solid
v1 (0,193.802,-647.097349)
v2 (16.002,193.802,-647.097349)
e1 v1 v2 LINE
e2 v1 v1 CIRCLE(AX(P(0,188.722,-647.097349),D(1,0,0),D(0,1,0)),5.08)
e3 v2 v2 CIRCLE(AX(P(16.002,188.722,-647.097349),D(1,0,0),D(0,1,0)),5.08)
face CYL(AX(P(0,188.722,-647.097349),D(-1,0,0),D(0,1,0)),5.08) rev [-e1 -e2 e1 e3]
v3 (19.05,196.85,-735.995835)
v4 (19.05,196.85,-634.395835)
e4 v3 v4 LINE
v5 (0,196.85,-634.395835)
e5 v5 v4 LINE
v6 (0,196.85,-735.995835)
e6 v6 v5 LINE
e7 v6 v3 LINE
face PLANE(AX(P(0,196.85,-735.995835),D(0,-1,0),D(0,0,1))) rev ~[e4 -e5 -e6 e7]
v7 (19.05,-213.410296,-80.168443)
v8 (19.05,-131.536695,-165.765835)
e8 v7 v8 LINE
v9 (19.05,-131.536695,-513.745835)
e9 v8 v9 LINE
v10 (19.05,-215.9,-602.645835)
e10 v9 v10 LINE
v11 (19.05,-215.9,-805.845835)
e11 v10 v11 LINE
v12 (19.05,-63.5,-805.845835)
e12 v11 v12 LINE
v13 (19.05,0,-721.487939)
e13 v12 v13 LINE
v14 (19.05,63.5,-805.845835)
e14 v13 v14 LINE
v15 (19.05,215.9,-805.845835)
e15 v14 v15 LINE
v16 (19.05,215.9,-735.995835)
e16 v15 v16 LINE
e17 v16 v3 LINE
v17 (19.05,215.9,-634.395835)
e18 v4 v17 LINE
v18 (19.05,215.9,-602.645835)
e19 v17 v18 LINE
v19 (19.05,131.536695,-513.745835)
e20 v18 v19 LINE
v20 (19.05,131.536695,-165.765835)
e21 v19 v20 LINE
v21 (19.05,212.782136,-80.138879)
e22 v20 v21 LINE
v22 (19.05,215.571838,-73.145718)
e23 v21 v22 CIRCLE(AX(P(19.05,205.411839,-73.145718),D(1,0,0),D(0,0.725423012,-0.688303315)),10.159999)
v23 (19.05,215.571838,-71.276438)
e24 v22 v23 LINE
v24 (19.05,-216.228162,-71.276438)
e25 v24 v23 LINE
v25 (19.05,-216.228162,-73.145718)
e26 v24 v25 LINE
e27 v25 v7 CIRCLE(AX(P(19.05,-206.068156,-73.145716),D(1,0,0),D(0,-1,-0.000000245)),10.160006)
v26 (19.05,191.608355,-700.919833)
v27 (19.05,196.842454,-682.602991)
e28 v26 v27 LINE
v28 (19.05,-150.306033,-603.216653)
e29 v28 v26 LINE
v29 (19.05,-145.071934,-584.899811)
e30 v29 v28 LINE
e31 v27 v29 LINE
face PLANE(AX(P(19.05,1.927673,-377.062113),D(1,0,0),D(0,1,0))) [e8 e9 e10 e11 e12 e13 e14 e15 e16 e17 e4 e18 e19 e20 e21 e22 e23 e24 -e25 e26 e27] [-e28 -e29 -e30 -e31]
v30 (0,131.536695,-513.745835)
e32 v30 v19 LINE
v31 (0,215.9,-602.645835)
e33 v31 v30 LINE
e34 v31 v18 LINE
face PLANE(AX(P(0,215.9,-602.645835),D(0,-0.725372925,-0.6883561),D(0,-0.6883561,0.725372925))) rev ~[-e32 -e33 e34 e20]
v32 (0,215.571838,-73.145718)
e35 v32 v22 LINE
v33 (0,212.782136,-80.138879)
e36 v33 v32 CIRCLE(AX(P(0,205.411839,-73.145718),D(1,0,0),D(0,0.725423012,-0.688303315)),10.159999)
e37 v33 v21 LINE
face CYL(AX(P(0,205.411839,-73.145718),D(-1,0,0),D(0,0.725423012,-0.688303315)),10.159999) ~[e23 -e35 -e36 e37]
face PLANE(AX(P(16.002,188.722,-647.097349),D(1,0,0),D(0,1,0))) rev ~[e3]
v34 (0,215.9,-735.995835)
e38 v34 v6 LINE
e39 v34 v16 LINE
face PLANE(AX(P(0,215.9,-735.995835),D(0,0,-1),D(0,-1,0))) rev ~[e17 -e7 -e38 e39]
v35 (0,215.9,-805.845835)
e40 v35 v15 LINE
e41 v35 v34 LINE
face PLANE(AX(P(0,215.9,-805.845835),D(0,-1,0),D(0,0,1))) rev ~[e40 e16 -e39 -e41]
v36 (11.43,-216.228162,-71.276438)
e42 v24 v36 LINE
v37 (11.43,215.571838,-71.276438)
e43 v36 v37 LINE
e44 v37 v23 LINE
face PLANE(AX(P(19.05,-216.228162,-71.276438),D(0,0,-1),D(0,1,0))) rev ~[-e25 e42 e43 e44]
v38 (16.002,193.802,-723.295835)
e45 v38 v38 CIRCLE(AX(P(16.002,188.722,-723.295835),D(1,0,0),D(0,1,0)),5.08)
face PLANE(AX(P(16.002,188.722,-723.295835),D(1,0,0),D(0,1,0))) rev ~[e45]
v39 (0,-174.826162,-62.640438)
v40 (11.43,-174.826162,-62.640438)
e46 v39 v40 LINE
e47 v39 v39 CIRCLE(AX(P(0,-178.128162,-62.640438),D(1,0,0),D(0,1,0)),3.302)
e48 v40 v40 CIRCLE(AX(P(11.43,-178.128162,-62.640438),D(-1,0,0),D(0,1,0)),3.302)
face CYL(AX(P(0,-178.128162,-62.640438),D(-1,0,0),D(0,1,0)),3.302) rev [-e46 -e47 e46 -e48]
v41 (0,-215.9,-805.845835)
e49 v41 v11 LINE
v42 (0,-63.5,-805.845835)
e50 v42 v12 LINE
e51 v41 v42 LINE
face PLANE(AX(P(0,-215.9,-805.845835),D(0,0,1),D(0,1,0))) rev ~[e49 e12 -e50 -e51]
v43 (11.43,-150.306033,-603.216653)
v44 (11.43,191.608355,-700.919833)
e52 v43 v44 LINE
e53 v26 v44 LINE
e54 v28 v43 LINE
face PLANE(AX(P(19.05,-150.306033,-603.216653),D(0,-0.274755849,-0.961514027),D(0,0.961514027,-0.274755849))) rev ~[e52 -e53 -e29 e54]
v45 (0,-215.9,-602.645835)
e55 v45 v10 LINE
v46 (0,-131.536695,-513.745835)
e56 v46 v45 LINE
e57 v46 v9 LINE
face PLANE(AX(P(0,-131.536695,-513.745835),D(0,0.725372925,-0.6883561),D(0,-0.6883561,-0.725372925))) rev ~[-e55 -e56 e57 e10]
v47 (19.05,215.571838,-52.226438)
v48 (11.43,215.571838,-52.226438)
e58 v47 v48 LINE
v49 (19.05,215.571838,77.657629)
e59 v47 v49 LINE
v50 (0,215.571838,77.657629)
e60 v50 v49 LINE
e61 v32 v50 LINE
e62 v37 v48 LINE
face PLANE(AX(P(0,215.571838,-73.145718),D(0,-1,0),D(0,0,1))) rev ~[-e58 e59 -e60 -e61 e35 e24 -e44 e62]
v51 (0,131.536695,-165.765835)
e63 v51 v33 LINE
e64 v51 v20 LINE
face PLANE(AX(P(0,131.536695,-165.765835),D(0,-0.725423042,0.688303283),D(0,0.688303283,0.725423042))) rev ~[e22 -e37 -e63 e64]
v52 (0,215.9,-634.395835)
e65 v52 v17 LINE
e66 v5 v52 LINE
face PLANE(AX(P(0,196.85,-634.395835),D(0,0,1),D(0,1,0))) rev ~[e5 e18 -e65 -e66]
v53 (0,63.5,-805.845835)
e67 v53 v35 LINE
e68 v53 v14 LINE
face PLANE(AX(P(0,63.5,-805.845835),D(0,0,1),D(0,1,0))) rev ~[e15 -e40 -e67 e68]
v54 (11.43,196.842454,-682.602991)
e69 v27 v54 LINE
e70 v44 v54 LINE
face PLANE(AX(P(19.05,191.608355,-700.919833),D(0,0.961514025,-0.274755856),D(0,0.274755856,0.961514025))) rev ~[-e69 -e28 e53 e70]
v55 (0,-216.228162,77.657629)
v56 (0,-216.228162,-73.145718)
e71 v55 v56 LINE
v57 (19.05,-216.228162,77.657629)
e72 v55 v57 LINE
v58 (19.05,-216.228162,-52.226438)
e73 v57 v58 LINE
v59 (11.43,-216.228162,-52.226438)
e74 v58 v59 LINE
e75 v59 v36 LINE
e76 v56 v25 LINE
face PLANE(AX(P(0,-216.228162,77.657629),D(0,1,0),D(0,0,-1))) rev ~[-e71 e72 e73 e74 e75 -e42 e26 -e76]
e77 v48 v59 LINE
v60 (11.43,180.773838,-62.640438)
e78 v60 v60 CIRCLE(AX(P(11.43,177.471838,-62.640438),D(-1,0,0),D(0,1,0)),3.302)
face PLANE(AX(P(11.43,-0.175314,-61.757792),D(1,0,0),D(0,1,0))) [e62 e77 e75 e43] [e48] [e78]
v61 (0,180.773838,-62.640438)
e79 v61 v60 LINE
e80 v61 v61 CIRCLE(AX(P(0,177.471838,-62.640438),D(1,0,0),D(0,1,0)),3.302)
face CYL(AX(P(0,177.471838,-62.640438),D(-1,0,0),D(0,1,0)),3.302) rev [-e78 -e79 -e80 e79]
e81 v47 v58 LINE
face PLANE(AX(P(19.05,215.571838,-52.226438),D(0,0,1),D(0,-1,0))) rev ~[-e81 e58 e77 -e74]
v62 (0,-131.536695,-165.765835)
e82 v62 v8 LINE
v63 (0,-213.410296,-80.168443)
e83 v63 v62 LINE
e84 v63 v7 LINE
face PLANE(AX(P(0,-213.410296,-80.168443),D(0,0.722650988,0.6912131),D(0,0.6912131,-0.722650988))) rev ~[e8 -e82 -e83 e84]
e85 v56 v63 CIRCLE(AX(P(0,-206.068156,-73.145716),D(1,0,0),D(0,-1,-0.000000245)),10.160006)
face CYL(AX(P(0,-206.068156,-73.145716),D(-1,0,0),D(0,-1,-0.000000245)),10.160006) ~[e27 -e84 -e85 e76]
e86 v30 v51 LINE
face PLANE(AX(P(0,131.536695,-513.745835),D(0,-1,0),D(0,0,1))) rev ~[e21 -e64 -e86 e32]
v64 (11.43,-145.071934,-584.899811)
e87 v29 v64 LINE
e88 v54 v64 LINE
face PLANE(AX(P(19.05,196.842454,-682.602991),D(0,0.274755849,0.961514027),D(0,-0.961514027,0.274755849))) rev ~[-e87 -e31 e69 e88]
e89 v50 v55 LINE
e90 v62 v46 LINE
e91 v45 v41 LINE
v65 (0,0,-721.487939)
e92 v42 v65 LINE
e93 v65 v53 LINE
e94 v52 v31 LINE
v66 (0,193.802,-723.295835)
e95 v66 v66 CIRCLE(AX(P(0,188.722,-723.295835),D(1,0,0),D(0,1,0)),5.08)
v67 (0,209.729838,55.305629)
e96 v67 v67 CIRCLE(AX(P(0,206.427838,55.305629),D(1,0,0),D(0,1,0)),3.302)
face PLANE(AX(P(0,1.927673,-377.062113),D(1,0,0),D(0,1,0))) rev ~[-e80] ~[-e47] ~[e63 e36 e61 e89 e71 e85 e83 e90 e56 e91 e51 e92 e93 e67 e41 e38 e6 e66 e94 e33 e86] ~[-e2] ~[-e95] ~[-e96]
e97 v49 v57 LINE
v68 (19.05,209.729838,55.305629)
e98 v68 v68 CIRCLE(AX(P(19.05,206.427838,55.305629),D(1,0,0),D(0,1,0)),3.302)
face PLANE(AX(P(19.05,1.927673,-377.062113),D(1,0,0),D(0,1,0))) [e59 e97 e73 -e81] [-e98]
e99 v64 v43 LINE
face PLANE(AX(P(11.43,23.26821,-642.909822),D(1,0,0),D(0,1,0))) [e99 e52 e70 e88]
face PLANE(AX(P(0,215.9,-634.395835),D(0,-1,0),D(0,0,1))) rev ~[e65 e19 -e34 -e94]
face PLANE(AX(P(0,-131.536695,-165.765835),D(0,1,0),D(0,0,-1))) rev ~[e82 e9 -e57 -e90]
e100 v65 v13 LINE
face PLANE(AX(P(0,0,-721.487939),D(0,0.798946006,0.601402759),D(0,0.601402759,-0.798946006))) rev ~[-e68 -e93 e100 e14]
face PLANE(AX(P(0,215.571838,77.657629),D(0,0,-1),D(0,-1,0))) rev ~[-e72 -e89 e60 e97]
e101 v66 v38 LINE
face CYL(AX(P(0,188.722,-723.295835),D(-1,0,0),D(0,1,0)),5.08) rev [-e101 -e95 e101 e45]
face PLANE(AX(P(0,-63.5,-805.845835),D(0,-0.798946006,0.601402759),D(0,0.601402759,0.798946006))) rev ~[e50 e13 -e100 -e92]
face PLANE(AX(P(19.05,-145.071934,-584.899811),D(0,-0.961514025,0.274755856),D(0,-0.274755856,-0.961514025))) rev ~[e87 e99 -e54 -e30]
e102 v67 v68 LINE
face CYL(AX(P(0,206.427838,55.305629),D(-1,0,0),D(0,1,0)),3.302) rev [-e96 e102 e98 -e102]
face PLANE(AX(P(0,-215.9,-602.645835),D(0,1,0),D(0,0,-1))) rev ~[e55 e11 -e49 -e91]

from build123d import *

# Parameters (mm, degrees)
F1_DEPTH = 19.05
F3_DEPTH = 7.62
F5_DEPTH = 7.62
F6_R     = 3.302
F7_DEPTH = 19.05
F8_R     = 5.08
F9_DEPTH = 16.002


with BuildPart() as f1:
    # F0 (on Right) → F1 (new body)
    with BuildSketch(Plane.YZ):
        with BuildLine():
            Line((215.571838, -73.145718), (215.571838, 77.657629))
            Line((215.571838, 77.657629), (-216.228162, 77.657629))
            Line((-216.228162, 77.657629), (-216.228162, -73.145718))
            ThreePointArc((-216.228162, -73.145718), (-215.497416, -76.929203), (-213.410296, -80.168443))
            Line((-213.410296, -80.168443), (-131.536695, -165.765835))
            Line((-131.536695, -165.765835), (-131.536695, -513.745835))
            Line((-131.536695, -513.745835), (-215.9, -602.645835))
            Line((-215.9, -602.645835), (-215.9, -805.845835))
            Line((-215.9, -805.845835), (-63.5, -805.845835))
            Line((-63.5, -805.845835), (0, -721.487939))
            Line((0, -721.487939), (63.5, -805.845835))
            Line((63.5, -805.845835), (215.9, -805.845835))
            Line((215.9, -805.845835), (215.9, -735.995835))
            Line((215.9, -735.995835), (196.85, -735.995835))
            Line((196.85, -735.995835), (196.85, -634.395835))
            Line((196.85, -634.395835), (215.9, -634.395835))
            Line((215.9, -634.395835), (215.9, -602.645835))
            Line((215.9, -602.645835), (131.536695, -513.745835))
            Line((131.536695, -513.745835), (131.536695, -165.765835))
            Line((131.536695, -165.765835), (212.782136, -80.138879))
            ThreePointArc((212.782136, -80.138879), (214.848676, -76.910248), (215.571838, -73.145718))
        make_face()
    extrude(amount=F1_DEPTH)

    # F2 (on face) → F3 (cut)
    with BuildSketch(Plane.YZ.offset(19.05)):
        Polygon((191.608355, -700.919833), (196.842454, -682.602991), (-145.071934, -584.899811), (-150.306033, -603.216653), align=None)
    extrude(amount=-F3_DEPTH, mode=Mode.SUBTRACT)

    # F4 (on face) → F5 (cut)
    with BuildSketch(Plane.YZ.offset(19.05)):
        Polygon((-216.228162, -71.276438), (216.173725, -71.276438), (215.571838, -52.226438), (-216.228162, -52.226438), align=None)
    extrude(amount=-F5_DEPTH, mode=Mode.SUBTRACT)

    # F6 (on face) → F7 (cut)
    with BuildSketch(Plane.YZ):
        with Locations((-178.128162, -62.640438)):
            Circle(F6_R)
        with Locations((177.471838, -62.640438)):
            Circle(F6_R)
        with Locations((206.427838, 55.305629)):
            Circle(F6_R)
    extrude(amount=F7_DEPTH, mode=Mode.SUBTRACT)

    # F8 (on face) → F9 (cut)
    with BuildSketch(Plane.YZ):
        with Locations((188.722, -723.295835)):
            Circle(F8_R)
        with Locations((188.722, -647.097349)):
            Circle(F8_R)
    extrude(amount=F9_DEPTH, mode=Mode.SUBTRACT)


solid = f1.part
